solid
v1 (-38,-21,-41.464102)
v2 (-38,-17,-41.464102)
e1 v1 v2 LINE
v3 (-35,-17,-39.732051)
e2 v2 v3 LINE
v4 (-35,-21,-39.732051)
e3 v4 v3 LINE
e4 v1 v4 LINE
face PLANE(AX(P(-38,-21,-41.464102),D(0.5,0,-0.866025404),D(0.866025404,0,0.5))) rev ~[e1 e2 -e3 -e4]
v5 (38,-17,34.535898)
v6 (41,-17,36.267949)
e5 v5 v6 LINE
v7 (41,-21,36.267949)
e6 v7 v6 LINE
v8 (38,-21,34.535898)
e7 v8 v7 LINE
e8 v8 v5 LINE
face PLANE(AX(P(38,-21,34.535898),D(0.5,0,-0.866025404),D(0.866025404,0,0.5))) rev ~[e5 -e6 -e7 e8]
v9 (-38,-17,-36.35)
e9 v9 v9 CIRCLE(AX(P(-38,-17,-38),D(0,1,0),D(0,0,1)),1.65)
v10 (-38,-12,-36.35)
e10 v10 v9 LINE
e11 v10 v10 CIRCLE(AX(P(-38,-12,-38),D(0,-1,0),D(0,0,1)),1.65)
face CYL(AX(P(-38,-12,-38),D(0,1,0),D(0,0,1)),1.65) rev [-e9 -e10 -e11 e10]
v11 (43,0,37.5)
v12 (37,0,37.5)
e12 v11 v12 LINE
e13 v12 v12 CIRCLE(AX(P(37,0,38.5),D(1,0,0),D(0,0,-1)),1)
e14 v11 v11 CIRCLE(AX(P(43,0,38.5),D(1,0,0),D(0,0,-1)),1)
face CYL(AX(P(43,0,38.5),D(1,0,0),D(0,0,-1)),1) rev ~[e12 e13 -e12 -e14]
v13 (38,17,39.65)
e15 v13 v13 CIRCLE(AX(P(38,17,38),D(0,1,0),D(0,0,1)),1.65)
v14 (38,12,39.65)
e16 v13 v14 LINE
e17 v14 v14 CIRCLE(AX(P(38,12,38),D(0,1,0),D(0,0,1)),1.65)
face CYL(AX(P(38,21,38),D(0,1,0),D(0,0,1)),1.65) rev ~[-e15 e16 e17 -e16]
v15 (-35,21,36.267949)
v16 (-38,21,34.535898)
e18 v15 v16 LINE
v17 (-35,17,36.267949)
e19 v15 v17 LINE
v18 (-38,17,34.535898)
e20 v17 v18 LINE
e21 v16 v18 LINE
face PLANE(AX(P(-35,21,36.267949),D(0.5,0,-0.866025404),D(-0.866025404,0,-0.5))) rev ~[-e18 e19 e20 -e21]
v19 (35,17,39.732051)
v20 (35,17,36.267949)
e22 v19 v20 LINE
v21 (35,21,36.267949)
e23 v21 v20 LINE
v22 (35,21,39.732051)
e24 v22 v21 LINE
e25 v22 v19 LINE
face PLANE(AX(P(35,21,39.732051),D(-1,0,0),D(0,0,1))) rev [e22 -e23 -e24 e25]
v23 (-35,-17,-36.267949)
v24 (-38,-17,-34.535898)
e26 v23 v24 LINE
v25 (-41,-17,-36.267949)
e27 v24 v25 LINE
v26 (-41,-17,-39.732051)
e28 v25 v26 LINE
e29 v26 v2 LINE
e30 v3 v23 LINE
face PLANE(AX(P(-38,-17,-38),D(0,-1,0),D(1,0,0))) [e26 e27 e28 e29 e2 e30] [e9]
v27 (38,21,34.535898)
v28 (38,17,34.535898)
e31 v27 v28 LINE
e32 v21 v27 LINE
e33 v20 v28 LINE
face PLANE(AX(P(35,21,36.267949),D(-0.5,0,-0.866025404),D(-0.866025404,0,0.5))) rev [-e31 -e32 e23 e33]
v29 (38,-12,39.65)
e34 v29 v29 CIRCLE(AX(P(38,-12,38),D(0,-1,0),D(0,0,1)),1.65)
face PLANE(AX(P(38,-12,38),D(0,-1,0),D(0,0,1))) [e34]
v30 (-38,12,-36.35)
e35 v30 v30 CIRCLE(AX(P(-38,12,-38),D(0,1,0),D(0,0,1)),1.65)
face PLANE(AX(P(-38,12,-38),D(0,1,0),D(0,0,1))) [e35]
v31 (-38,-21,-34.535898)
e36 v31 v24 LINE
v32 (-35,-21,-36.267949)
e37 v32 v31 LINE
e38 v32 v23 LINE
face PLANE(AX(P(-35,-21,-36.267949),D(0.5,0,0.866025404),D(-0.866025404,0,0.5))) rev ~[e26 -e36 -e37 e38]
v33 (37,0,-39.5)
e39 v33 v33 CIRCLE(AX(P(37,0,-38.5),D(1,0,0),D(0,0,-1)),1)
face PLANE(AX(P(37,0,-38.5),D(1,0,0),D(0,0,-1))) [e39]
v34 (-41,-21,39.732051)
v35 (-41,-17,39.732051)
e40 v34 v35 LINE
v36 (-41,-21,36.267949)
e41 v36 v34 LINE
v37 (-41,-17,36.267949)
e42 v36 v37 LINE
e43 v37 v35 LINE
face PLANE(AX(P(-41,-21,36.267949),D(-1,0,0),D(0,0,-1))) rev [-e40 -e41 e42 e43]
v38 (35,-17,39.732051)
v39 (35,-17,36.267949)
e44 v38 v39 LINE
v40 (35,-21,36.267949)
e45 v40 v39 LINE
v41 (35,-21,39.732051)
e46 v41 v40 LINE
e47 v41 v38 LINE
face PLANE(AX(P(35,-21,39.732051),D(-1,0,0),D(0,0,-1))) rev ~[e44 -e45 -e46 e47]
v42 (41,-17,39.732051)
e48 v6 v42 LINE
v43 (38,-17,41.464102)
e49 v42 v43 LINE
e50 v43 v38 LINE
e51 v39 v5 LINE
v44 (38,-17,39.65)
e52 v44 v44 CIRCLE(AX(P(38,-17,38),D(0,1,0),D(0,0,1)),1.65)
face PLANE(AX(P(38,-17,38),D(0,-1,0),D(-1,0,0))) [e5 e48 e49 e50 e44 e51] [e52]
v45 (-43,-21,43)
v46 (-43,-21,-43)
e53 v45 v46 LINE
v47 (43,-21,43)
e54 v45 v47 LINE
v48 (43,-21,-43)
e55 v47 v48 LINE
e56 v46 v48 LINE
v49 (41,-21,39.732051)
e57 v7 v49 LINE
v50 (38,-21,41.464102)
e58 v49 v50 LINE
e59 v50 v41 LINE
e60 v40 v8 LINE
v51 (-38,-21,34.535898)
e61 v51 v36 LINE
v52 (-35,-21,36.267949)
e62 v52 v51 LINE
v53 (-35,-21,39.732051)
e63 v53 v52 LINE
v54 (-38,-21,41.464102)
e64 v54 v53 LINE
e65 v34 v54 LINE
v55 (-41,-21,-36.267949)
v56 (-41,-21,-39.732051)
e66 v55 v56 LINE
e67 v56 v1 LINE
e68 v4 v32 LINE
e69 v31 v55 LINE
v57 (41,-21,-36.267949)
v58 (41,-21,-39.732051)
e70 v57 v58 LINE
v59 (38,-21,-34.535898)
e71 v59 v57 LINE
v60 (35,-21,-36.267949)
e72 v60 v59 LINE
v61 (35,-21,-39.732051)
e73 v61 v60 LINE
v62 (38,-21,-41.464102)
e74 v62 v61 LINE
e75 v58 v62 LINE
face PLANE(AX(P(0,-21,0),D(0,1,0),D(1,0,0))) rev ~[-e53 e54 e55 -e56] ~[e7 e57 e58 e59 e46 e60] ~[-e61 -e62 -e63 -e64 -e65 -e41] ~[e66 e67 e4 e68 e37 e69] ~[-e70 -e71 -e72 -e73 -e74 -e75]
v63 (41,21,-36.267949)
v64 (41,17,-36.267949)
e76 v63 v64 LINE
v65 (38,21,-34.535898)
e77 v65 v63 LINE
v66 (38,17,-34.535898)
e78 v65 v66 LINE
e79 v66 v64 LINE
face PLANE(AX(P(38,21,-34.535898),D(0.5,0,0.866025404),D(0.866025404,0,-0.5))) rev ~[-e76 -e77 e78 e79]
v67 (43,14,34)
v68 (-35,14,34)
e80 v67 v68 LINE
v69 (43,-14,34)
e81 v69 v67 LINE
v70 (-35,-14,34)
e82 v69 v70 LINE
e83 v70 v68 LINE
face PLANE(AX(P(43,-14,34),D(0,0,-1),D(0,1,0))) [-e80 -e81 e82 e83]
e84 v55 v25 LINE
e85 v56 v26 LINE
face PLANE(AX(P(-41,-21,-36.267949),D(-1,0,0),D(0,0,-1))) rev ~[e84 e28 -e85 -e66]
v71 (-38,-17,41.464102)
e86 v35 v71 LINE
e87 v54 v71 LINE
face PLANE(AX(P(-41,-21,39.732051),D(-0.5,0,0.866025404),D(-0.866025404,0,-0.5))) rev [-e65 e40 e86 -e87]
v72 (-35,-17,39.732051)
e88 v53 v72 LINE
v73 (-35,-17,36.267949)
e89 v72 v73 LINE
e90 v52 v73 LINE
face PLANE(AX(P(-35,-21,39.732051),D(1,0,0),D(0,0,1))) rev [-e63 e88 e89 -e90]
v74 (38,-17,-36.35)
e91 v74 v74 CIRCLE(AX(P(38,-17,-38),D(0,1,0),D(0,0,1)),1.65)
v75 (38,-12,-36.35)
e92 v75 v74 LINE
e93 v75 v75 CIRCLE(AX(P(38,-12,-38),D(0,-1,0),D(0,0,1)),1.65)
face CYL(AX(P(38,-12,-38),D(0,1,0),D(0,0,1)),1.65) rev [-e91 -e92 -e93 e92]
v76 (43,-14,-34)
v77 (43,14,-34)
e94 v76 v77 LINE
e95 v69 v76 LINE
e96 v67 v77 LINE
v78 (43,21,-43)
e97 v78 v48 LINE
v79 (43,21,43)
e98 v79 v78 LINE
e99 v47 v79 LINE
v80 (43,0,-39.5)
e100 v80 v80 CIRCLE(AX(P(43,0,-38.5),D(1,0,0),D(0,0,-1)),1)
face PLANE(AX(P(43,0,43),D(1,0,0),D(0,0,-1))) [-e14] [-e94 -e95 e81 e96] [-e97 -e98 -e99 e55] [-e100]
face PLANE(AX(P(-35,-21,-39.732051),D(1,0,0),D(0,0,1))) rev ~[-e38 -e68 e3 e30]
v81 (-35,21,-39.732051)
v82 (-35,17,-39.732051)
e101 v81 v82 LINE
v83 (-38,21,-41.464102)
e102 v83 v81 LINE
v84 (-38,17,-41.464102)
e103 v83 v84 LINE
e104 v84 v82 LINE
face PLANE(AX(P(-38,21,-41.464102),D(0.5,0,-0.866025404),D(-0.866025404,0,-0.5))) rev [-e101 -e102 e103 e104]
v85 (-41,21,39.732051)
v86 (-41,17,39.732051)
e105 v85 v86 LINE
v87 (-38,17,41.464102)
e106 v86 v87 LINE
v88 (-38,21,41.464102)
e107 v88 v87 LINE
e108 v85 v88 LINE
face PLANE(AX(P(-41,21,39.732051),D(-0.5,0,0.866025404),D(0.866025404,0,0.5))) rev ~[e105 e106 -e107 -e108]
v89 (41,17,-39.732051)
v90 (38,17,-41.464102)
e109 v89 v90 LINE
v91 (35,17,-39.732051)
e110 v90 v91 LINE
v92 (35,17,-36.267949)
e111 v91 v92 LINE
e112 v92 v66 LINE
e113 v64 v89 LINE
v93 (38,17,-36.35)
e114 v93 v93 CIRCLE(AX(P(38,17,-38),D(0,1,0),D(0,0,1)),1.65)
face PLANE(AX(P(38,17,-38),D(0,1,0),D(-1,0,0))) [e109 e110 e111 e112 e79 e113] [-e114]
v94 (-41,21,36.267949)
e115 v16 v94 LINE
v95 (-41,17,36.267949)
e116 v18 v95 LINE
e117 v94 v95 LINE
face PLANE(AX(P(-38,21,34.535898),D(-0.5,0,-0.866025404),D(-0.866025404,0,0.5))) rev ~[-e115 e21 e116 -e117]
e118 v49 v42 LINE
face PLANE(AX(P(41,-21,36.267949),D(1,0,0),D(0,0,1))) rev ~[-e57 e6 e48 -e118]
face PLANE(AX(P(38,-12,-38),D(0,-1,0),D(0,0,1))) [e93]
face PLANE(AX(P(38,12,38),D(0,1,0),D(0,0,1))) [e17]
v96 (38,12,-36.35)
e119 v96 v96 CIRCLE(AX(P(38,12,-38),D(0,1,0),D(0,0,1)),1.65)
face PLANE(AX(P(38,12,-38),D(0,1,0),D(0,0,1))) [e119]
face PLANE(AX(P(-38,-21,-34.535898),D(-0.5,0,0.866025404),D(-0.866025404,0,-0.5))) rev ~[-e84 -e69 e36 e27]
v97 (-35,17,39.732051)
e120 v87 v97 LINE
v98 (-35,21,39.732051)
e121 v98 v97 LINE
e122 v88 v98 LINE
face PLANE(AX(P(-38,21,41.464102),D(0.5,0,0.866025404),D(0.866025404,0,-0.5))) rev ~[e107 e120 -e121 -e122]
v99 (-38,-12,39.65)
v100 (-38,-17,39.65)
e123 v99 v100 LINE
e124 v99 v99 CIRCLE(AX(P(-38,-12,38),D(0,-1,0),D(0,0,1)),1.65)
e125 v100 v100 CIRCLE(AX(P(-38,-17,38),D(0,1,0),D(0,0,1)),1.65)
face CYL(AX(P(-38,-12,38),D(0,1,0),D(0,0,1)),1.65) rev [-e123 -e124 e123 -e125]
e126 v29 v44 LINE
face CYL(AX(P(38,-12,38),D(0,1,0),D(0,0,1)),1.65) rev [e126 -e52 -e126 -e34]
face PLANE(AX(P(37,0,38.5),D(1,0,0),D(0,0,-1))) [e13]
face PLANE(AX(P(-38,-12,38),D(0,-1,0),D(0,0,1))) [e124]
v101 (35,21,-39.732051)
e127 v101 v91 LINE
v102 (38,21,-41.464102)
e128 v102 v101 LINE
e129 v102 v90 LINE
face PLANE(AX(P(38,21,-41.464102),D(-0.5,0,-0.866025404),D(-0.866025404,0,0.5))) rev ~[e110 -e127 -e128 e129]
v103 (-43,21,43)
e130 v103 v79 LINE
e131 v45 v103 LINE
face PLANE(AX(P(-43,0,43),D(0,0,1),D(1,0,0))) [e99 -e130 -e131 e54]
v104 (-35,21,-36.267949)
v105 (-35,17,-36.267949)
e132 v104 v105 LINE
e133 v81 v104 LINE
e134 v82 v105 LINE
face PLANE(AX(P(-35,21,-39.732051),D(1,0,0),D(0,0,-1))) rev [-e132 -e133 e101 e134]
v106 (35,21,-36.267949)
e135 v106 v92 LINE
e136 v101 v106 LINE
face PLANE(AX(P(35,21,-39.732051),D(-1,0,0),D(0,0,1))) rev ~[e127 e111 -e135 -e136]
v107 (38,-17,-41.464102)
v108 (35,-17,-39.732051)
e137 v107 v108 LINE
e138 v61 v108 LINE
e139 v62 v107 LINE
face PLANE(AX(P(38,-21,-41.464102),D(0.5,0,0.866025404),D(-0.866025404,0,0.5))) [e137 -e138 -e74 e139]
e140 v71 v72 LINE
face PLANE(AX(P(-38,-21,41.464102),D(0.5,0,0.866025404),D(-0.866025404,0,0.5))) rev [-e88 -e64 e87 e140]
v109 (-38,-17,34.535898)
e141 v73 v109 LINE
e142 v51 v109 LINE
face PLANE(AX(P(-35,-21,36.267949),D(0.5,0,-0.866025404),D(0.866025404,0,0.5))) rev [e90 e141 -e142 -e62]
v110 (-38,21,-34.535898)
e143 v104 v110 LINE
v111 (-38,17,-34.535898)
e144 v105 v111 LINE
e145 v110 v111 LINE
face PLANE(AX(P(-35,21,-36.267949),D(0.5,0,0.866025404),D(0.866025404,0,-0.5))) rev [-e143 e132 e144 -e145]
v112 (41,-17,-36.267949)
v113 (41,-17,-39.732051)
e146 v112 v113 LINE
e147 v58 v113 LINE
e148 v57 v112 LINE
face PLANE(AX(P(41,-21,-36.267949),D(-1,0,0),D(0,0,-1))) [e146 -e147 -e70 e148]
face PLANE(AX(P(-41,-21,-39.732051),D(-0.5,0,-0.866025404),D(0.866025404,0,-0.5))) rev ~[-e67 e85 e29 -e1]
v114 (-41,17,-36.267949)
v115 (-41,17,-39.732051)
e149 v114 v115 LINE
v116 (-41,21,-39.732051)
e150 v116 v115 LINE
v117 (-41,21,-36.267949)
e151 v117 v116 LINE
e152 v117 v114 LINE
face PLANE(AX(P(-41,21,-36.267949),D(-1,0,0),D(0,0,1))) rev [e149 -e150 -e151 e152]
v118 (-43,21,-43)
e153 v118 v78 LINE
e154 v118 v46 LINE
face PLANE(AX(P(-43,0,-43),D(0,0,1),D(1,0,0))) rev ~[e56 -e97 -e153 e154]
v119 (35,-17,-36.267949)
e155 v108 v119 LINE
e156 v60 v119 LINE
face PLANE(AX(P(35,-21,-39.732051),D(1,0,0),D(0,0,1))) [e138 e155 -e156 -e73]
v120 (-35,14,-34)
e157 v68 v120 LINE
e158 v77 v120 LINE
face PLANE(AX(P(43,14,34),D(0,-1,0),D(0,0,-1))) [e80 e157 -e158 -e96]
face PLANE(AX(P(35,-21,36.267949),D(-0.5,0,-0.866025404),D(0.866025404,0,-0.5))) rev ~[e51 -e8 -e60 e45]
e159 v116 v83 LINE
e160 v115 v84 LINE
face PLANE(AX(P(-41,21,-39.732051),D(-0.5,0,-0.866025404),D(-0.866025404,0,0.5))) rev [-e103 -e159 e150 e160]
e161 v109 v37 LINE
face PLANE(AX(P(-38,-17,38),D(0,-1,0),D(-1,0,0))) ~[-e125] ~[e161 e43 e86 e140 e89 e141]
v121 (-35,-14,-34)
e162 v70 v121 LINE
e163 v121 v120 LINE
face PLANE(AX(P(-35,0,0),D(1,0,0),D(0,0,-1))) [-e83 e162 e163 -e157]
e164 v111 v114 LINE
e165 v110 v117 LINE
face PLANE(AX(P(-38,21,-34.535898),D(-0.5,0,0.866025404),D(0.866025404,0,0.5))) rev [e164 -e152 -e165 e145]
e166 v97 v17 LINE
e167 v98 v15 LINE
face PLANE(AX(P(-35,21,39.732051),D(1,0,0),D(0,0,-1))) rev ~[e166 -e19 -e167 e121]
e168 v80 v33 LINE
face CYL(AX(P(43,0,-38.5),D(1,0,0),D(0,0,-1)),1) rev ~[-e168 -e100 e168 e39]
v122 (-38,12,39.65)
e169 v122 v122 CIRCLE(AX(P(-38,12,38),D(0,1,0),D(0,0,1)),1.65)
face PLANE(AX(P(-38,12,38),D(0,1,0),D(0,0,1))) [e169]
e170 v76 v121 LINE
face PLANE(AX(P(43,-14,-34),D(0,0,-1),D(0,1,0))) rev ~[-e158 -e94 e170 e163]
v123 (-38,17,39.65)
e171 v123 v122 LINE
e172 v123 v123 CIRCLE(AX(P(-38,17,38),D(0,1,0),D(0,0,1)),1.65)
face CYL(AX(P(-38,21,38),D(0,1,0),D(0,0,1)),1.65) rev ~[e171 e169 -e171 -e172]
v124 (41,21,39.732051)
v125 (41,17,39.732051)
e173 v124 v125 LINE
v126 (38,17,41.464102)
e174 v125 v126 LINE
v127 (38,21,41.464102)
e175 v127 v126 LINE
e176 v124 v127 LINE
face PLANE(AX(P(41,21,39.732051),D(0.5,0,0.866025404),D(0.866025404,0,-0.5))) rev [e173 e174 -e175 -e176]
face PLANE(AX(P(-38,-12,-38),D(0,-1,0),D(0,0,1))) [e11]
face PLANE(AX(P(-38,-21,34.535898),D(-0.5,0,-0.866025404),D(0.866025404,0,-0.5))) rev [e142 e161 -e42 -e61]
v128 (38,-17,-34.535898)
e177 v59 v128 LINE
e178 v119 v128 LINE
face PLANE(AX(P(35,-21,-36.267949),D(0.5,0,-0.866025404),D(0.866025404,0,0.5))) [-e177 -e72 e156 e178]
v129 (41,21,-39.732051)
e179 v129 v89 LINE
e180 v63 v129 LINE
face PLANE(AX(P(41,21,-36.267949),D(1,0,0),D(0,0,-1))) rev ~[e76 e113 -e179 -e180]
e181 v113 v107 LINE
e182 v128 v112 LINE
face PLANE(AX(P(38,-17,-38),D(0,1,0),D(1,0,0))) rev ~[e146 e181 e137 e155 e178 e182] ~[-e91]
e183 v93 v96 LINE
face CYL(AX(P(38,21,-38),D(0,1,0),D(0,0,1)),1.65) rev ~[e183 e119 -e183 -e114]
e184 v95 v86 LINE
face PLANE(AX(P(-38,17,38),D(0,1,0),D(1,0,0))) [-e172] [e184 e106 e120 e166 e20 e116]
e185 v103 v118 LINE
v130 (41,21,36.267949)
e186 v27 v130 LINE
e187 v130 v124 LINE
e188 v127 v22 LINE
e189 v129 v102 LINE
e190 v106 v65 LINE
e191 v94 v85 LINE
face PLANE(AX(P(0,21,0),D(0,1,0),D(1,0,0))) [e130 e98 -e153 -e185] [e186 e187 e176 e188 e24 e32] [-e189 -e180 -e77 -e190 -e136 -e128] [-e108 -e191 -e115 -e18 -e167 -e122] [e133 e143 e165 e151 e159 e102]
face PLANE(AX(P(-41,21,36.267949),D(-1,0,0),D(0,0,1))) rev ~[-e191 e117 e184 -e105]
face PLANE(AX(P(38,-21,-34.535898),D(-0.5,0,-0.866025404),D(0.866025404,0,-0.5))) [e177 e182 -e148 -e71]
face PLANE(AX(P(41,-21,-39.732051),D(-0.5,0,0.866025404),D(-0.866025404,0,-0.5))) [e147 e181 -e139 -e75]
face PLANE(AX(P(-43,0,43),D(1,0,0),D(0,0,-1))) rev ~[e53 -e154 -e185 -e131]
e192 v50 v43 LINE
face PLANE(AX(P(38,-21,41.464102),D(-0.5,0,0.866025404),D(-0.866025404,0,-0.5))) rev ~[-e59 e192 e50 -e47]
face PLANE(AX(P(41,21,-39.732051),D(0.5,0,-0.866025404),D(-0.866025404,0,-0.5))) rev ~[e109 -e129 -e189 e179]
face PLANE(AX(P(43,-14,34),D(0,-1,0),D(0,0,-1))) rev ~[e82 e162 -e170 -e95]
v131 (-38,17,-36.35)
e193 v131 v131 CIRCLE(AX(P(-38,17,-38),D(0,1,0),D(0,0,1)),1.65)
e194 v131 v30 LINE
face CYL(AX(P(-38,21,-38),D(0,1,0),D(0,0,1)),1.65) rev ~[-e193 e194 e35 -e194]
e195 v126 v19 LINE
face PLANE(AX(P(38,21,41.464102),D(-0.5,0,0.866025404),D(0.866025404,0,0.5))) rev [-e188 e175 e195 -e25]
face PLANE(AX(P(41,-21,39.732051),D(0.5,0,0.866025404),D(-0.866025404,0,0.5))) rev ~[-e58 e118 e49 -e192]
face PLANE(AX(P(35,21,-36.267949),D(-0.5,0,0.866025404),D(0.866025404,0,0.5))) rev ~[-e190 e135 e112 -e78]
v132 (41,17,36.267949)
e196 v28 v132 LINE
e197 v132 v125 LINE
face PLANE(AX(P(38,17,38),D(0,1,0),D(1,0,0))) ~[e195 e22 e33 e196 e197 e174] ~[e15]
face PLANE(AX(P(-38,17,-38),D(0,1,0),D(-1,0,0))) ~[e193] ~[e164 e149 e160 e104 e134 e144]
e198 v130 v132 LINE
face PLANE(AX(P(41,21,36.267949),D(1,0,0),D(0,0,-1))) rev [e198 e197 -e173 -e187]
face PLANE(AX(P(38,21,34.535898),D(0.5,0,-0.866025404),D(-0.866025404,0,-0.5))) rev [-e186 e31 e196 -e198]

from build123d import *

# Parameters (mm, degrees)
ESBO_O1_W                = 86
ESBO_O1_H                = 86
RESSALTO_EXTRUS_O1_DEPTH = 21
ESBO_O2_W                = 68
ESBO_O2_H                = 28
CORTE_EXTRUS_O1_DEPTH    = 78
ESBO_O6_R                = 1.65
CORTE_EXTRUS_O3_DEPTH    = 9
CORTE_EXTRUS_O4_DEPTH    = 4
ESPELHAR2_COPY_1_DEPTH   = 4
CORTE_EXTRUS_O5_START    = -9
ESBO_O8_R                = 1.65
CORTE_EXTRUS_O5_DEPTH    = 9
ESPELHAR4_COPY_1_DEPTH   = 4
ESPELHAR4_COPY_2_DEPTH   = 4
ESPELHAR4_COPY_3_DEPTH   = 4
ESBO_O9_R                = 1
CORTE_EXTRUS_O6_DEPTH    = 6


with BuildPart() as part:
    # Esboço1 → Ressalto-extrusão1 (new, symmetric)
    with BuildSketch(Plane(origin=(0, 0, 0), x_dir=(1, 0, 0), z_dir=(0, 1, 0))):
        Rectangle(ESBO_O1_W, ESBO_O1_H)
    extrude(amount=RESSALTO_EXTRUS_O1_DEPTH, both=True)

    # Esboço2 → Corte-extrusão1 (cut)
    with BuildSketch(Plane(origin=(43, 0, 0), x_dir=(0, 0, -1), z_dir=(1, 0, 0))):
        Rectangle(ESBO_O2_W, ESBO_O2_H)
    extrude(amount=-CORTE_EXTRUS_O1_DEPTH, mode=Mode.SUBTRACT)

    # Esboço6 → Corte-extrusão3 (cut)
    with BuildSketch(Plane(origin=(0, 21, 0), x_dir=(1, 0, 0), z_dir=(0, 1, 0))):
        with Locations(Location((-38, -38, 0), (0, 0, 270))):
            Circle(ESBO_O6_R)
        with Locations(Location((-38, 38, 0), (0, 0, 270))):
            Circle(ESBO_O6_R)
        with Locations(Location((38, 38, 0), (0, 0, 270))):
            Circle(ESBO_O6_R)
        with Locations(Location((38, -38, 0), (0, 0, 270))):
            Circle(ESBO_O6_R)
    extrude(amount=-CORTE_EXTRUS_O3_DEPTH, mode=Mode.SUBTRACT)

    # Esboço7 → Corte-extrusão4 (cut)
    with BuildSketch(Plane(origin=(0, 21, 0), x_dir=(1, 0, 0), z_dir=(0, 1, 0))):
        Polygon((-38, -34.535898385), (-41, -36.267949192), (-41, -39.732050808), (-38, -41.464101615), (-35, -39.732050808), (-35, -36.267949192), align=None)
    corte_extrus_o4 = extrude(amount=-CORTE_EXTRUS_O4_DEPTH, mode=Mode.SUBTRACT)

    # Espelhar1: Corte-extrusão4 across plane
    add(corte_extrus_o4.mirror(Plane.XY), mode=Mode.SUBTRACT)

    # Espelhar2: Corte-extrusão4 across plane
    add(corte_extrus_o4.mirror(Plane(origin=(0, 0, 0), x_dir=(0, 0, 1), z_dir=(1, 0, 0))), mode=Mode.SUBTRACT)

    # Espelhar2 copy 1 sketch → Espelhar2 copy 1 (cut)
    with BuildSketch(Plane(origin=(0, 21, 0), x_dir=(-1, 0, 0), z_dir=(0, 1, 0))):
        Polygon((-38, -34.535898385), (-41, -36.267949192), (-41, -39.732050808), (-38, -41.464101615), (-35, -39.732050808), (-35, -36.267949192), align=None)
    extrude(amount=-ESPELHAR2_COPY_1_DEPTH, mode=Mode.SUBTRACT)

    # Esboço8 → Corte-extrusão5 (cut)
    with BuildSketch(Plane.XZ.offset(21).offset(CORTE_EXTRUS_O5_START)):
        with Locations(Location((38, 38, 0), (0, 0, 90))):
            Circle(ESBO_O8_R)
        with Locations(Location((38, -38, 0), (0, 0, 90))):
            Circle(ESBO_O8_R)
        with Locations(Location((-38, -38, 0), (0, 0, 90))):
            Circle(ESBO_O8_R)
        with Locations(Location((-38, 38, 0), (0, 0, 90))):
            Circle(ESBO_O8_R)
    extrude(amount=CORTE_EXTRUS_O5_DEPTH, mode=Mode.SUBTRACT)

    # Espelhar4: Corte-extrusão4 across plane
    add(corte_extrus_o4.mirror(Plane.ZX), mode=Mode.SUBTRACT)

    # Espelhar4 copy 1 sketch → Espelhar4 copy 1 (cut)
    with BuildSketch(Plane.XZ.offset(21)):
        Polygon((-38, -34.535898385), (-41, -36.267949192), (-41, -39.732050808), (-38, -41.464101615), (-35, -39.732050808), (-35, -36.267949192), align=None)
    extrude(amount=-ESPELHAR4_COPY_1_DEPTH, mode=Mode.SUBTRACT)

    # Espelhar4 copy 2 sketch → Espelhar4 copy 2 (cut)
    with BuildSketch(Plane(origin=(0, -21, 0), x_dir=(-1, 0, 0), z_dir=(0, -1, 0))):
        Polygon((-38, -34.535898385), (-41, -36.267949192), (-41, -39.732050808), (-38, -41.464101615), (-35, -39.732050808), (-35, -36.267949192), align=None)
    extrude(amount=-ESPELHAR4_COPY_2_DEPTH, mode=Mode.SUBTRACT)

    # Espelhar4 copy 3 sketch → Espelhar4 copy 3 (cut)
    with BuildSketch(Plane(origin=(0, -21, 0), x_dir=(-1, 0, 0), z_dir=(0, -1, 0))):
        Polygon((-38, 34.535898385), (-41, 36.267949192), (-41, 39.732050808), (-38, 41.464101615), (-35, 39.732050808), (-35, 36.267949192), align=None)
    extrude(amount=-ESPELHAR4_COPY_3_DEPTH, mode=Mode.SUBTRACT)

    # Esboço9 → Corte-extrusão6 (cut)
    with BuildSketch(Plane(origin=(43, 0, 0), x_dir=(0, 0, -1), z_dir=(1, 0, 0))):
        with Locations((-38.5, 0)):
            Circle(ESBO_O9_R)
        with Locations((38.5, 0)):
            Circle(ESBO_O9_R)
    extrude(amount=-CORTE_EXTRUS_O6_DEPTH, mode=Mode.SUBTRACT)


solid = part.part
